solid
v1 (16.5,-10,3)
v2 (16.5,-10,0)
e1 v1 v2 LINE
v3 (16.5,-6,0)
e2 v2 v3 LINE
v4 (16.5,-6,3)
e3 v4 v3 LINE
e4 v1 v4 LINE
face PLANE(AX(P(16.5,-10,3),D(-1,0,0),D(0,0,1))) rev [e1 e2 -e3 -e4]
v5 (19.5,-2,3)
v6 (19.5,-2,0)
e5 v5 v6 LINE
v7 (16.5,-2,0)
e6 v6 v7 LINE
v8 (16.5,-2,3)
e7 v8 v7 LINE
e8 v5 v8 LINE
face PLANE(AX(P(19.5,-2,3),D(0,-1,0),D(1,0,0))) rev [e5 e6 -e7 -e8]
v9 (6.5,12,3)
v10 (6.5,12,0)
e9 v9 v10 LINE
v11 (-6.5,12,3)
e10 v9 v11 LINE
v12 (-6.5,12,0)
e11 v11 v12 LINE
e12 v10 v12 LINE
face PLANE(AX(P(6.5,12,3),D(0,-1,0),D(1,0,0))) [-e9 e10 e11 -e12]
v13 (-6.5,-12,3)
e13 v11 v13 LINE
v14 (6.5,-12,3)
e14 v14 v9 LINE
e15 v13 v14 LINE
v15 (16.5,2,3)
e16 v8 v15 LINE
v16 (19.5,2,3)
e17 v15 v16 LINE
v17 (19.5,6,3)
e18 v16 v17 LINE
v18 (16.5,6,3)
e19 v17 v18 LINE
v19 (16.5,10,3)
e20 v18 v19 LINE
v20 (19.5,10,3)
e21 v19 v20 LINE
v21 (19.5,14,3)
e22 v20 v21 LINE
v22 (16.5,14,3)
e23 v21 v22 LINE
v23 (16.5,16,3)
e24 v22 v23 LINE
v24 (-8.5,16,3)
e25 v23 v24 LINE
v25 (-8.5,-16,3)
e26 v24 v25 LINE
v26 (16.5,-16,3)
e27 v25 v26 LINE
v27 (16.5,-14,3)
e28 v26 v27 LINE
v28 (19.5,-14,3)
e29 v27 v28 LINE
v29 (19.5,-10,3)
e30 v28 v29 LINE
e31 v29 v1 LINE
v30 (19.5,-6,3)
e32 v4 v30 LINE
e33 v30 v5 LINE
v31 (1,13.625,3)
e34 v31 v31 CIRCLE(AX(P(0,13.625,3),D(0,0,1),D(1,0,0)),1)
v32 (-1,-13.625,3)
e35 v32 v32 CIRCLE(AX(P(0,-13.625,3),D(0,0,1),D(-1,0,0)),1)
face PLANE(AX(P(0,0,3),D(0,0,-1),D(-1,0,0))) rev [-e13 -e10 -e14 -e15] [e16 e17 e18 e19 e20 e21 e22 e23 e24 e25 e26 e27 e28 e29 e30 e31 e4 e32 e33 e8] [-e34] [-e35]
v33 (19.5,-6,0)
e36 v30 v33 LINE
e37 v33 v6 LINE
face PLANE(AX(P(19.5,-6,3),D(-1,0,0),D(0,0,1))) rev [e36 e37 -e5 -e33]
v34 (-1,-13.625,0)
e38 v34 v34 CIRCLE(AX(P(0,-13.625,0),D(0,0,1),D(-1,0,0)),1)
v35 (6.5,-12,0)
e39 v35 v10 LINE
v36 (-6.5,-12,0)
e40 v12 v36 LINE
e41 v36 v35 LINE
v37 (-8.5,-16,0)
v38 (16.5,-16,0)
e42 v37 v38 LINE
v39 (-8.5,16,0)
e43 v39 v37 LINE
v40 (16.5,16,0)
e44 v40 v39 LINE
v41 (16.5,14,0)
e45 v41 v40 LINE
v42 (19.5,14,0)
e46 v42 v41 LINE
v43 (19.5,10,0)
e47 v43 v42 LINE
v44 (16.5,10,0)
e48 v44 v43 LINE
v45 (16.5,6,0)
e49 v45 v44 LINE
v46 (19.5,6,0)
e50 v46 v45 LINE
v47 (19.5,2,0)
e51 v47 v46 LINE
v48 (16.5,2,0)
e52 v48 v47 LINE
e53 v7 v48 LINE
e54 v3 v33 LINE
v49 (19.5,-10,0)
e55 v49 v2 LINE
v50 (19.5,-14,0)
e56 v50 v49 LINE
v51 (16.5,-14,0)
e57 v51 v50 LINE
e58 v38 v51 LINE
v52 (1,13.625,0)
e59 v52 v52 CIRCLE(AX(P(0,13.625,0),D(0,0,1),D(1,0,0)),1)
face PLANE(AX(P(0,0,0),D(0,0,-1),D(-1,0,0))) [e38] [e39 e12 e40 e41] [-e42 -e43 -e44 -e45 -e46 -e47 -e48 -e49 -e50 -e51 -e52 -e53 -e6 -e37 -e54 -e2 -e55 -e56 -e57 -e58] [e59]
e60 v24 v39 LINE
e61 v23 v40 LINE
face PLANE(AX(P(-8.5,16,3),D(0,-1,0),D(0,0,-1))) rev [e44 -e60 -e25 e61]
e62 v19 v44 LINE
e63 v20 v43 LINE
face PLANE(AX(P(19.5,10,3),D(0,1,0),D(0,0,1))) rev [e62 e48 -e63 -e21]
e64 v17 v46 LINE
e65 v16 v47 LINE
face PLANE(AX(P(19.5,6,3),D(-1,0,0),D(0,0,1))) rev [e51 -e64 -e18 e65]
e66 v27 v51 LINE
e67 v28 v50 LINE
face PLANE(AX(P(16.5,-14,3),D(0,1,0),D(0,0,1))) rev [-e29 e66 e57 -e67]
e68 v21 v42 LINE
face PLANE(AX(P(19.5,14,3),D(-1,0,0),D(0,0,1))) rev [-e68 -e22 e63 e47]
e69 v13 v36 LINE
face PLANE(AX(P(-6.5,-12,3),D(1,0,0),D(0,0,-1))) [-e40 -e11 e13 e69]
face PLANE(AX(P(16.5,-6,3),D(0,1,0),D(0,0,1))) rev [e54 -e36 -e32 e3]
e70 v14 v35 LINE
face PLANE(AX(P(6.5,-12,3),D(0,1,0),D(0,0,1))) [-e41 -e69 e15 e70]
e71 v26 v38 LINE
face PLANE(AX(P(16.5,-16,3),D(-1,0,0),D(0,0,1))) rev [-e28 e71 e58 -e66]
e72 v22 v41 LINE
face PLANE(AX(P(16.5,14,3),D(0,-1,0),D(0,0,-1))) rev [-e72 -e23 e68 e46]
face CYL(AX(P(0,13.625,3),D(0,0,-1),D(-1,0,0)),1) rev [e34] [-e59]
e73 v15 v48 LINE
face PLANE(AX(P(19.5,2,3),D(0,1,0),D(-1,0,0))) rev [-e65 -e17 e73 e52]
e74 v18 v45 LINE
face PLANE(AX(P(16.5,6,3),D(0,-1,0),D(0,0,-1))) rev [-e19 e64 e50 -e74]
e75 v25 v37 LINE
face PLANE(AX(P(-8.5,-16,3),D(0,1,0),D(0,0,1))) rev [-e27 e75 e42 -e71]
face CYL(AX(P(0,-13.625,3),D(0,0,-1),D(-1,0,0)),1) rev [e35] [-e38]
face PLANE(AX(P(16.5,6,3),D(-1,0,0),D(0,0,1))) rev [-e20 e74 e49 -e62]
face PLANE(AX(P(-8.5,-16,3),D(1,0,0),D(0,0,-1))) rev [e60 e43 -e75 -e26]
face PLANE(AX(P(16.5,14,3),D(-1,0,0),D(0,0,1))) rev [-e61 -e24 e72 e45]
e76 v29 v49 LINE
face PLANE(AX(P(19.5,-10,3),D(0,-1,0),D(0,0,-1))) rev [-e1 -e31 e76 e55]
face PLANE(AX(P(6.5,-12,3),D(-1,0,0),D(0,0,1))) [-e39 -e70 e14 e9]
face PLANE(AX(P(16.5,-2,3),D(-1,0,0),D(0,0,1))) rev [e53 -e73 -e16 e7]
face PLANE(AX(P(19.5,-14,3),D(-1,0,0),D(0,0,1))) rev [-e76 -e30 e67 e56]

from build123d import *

# Parameters (mm, degrees)
SKETCH1_R           = 1
SKETCH1_W           = 13
SKETCH1_H           = 24
BOSS_EXTRUDE1_DEPTH = 3


with BuildPart() as part:
    # Sketch1 → Boss-Extrude1 (new body)
    with BuildSketch(Plane.XY):
        Polygon((16.5, 14), (19.5, 14), (19.5, 10), (16.5, 10), (16.5, 6), (19.5, 6), (19.5, 2), (16.5, 2), (16.5, -2), (19.5, -2), (19.5, -6), (16.5, -6), (16.5, -10), (19.5, -10), (19.5, -14), (16.5, -14), (16.5, -16), (-8.5, -16), (-8.5, 16), (16.5, 16), align=None)
        with Locations((0, 13.625)):
            Circle(SKETCH1_R, mode=Mode.SUBTRACT)
        with Locations(Location((0, -13.625, 0), (0, 0, 180))):
            Circle(SKETCH1_R, mode=Mode.SUBTRACT)
        Rectangle(SKETCH1_W, SKETCH1_H, mode=Mode.SUBTRACT)
    extrude(amount=BOSS_EXTRUDE1_DEPTH)


solid = part.part
